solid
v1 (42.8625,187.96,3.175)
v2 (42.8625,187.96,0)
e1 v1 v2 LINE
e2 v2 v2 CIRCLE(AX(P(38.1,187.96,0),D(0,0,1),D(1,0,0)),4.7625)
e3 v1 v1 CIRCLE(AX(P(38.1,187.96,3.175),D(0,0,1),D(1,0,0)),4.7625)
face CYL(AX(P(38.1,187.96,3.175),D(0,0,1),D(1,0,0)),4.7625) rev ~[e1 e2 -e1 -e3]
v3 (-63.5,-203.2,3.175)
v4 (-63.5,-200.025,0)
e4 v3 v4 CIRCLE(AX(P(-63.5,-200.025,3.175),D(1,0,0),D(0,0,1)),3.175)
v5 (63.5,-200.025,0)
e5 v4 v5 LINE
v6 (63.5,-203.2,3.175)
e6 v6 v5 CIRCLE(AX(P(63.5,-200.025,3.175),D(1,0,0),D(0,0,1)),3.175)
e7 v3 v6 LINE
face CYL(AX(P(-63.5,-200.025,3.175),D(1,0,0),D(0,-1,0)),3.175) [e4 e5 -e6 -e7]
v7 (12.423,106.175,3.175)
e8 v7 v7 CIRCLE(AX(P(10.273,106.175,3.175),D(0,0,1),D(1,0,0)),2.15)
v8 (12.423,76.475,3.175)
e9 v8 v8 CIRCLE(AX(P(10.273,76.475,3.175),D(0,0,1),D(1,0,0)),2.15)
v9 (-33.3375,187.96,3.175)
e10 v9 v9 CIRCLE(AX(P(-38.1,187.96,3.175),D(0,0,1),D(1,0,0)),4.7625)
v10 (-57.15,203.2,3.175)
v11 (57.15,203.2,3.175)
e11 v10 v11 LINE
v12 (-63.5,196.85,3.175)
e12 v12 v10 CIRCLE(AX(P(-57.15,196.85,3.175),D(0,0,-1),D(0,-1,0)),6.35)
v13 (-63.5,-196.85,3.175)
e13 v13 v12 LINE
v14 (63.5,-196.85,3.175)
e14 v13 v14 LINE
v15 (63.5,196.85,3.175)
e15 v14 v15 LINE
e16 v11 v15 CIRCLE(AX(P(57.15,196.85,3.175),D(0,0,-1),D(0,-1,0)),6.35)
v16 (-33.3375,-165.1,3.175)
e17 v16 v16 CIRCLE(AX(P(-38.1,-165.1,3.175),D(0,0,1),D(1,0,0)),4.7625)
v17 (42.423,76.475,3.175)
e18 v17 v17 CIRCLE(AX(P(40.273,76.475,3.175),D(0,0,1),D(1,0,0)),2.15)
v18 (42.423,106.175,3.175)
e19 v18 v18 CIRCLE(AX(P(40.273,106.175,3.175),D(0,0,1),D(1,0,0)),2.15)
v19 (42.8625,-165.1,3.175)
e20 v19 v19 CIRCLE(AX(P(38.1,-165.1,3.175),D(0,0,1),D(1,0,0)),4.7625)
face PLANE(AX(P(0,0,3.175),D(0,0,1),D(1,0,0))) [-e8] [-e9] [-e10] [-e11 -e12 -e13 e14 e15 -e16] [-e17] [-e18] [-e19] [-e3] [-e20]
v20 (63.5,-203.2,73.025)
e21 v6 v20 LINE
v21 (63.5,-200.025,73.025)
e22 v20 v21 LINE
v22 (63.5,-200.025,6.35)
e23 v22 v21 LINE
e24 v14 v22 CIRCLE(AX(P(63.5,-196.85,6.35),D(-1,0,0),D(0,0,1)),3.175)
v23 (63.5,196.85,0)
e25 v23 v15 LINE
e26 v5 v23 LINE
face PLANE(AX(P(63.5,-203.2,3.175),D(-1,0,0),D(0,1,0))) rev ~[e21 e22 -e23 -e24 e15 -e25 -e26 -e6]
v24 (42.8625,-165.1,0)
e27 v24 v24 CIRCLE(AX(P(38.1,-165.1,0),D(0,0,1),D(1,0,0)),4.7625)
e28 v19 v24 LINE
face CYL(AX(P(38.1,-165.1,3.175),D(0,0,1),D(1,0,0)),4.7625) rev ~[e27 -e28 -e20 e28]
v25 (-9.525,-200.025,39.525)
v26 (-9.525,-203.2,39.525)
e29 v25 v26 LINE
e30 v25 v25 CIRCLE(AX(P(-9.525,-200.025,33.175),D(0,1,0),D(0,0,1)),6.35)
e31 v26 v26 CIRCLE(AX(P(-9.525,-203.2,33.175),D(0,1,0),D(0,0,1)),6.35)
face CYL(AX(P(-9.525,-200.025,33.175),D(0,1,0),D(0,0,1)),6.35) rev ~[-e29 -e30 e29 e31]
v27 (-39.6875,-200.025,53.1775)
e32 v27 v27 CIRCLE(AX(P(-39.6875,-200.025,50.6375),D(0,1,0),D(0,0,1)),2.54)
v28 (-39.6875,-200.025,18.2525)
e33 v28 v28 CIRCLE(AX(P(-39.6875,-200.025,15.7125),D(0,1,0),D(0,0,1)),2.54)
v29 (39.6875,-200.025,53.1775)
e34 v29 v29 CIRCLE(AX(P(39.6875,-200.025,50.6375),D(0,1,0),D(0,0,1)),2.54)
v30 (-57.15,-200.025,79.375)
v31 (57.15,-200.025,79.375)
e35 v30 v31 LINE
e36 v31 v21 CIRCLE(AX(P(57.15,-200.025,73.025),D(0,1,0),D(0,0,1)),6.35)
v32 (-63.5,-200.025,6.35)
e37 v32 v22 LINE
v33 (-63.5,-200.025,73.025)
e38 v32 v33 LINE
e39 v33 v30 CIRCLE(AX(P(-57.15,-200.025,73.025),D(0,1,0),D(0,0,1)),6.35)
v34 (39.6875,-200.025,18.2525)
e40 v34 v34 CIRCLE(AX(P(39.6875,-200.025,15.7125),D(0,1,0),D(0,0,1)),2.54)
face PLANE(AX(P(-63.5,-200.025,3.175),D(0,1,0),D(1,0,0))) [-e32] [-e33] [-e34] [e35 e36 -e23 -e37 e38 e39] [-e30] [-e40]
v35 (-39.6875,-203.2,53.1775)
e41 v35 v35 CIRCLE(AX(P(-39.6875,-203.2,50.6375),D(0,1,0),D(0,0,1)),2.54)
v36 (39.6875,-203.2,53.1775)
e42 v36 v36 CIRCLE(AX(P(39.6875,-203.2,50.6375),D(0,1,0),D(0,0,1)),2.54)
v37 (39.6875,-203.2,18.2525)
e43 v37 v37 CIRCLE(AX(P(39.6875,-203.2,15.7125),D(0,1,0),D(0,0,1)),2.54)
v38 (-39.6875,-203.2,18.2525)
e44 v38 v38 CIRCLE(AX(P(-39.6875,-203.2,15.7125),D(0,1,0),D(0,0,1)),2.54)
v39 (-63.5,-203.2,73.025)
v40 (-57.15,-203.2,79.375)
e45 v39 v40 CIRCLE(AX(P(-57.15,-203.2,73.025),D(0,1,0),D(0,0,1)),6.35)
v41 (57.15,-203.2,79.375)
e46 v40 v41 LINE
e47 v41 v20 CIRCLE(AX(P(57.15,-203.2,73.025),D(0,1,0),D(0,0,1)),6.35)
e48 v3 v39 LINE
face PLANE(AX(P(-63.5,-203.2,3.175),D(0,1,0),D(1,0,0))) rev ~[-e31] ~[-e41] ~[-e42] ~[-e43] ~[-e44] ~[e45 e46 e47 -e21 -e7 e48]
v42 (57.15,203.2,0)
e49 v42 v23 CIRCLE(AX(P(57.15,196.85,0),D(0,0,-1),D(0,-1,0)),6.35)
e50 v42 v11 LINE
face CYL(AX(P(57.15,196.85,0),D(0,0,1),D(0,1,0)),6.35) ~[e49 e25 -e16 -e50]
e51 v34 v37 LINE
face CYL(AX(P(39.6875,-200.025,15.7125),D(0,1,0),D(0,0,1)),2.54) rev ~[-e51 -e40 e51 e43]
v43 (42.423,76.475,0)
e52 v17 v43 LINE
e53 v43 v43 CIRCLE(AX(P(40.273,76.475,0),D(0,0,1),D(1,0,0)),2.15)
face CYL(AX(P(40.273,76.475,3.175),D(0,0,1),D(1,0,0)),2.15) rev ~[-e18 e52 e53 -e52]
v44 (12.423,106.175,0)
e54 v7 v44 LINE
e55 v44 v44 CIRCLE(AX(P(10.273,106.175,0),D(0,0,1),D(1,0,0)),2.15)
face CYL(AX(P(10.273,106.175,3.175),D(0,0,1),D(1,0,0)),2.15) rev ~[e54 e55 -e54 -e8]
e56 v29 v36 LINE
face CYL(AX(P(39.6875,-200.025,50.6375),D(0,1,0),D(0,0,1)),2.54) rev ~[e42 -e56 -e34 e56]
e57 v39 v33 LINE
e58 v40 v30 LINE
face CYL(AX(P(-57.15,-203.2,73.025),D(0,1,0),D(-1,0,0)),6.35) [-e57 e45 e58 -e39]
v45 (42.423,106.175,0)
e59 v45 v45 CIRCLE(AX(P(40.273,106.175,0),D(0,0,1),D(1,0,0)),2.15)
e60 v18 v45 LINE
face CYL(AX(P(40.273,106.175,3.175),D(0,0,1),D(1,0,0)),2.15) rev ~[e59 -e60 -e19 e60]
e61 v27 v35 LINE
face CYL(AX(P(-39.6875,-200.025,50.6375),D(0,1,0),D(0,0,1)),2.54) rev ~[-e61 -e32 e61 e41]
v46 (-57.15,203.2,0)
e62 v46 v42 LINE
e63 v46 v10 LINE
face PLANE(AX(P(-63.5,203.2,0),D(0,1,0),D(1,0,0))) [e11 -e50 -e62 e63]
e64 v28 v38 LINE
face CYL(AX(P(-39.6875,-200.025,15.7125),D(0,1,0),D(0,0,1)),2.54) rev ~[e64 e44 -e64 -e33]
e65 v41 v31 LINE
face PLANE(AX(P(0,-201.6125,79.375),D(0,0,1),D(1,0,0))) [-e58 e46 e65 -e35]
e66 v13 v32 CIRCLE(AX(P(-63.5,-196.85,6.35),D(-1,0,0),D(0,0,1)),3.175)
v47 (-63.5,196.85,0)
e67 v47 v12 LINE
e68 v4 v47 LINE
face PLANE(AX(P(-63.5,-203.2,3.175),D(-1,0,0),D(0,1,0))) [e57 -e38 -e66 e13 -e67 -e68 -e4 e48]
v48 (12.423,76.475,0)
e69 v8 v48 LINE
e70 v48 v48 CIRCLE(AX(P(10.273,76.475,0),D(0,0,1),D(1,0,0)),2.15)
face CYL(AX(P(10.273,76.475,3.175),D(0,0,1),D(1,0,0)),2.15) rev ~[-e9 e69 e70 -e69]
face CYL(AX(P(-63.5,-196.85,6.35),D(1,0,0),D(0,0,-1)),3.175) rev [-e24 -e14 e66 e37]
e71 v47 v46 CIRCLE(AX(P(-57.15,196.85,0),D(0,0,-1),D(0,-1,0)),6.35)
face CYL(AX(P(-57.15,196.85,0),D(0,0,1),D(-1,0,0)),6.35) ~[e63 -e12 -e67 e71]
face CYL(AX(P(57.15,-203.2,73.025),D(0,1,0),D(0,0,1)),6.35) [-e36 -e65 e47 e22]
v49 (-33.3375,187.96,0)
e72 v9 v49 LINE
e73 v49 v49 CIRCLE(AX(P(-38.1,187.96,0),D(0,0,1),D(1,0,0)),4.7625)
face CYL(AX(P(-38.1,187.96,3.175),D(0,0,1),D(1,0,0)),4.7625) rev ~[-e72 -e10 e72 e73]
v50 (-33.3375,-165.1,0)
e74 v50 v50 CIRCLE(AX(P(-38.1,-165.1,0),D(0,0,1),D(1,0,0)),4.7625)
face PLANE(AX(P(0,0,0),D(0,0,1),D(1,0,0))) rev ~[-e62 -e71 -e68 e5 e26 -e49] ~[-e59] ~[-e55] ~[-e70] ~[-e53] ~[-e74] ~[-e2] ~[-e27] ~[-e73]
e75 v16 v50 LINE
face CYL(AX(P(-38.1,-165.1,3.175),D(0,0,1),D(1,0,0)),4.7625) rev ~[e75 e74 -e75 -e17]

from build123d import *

# Parameters (mm, degrees)
SKETCH2_W           = 127
SKETCH2_H           = 406.4
BOSS_EXTRUDE1_DEPTH = 3.175
SKETCH3_W           = 127
SKETCH3_H           = 3.175
BOSS_EXTRUDE2_DEPTH = 76.2
FILLET1_R           = 3.175
FILLET2_R           = 6.35
SKETCH4_R           = 6.35
SKETCH4_R_2         = 2.54
CUT_EXTRUDE1_DEPTH  = 416.840163104
SKETCH5_R           = 2.15
SKETCH5_R_2         = 4.7625
CUT_EXTRUDE2_DEPTH  = 227.117071448


with BuildPart() as part:
    # Sketch2 → Boss-Extrude1 (new body)
    with BuildSketch(Plane.XY):
        Rectangle(SKETCH2_W, SKETCH2_H)
    extrude(amount=BOSS_EXTRUDE1_DEPTH)

    # Sketch3 → Boss-Extrude2 (add)
    with BuildSketch(Plane.XY.offset(3.175)):
        with Locations((0, -201.6125)):
            Rectangle(SKETCH3_W, SKETCH3_H)
    extrude(amount=BOSS_EXTRUDE2_DEPTH)

    # Fillet1
    fillet1_edges = [part.edges().sort_by_distance(p)[0] for p in [
        (0, -200.025, 3.175),
        (0, -203.2, 0),
    ]]
    fillet(fillet1_edges, radius=FILLET1_R)

    # Fillet2
    fillet2_edges = [part.edges().sort_by_distance(p)[0] for p in [
        (-63.5, -201.6125, 79.375),
        (63.5, -201.6125, 79.375),
        (-63.5, 203.2, 1.5875),
        (63.5, 203.2, 1.5875),
    ]]
    fillet(fillet2_edges, radius=FILLET2_R)

    # Sketch4 → Cut-Extrude1 (cut, through all)
    with BuildSketch(Plane(origin=(0, -200.025, 0), x_dir=(1, 0, 0), z_dir=(0, 1, 0))):
        with Locations(Location((-9.525, -33.175, 0), (0, 0, 270))):
            Circle(SKETCH4_R)
        with Locations(Location((-39.6875, -15.7125, 0), (0, 0, 270))):
            Circle(SKETCH4_R_2)
        with Locations(Location((-39.6875, -50.6375, 0), (0, 0, 270))):
            Circle(SKETCH4_R_2)
        with Locations(Location((39.6875, -15.7125, 0), (0, 0, 270))):
            Circle(SKETCH4_R_2)
        with Locations(Location((39.6875, -50.6375, 0), (0, 0, 270))):
            Circle(SKETCH4_R_2)
    extrude(amount=-CUT_EXTRUDE1_DEPTH, mode=Mode.SUBTRACT)

    # Sketch5 → Cut-Extrude2 (cut, through all)
    with BuildSketch(Plane.XY.offset(3.175)):
        with Locations((10.273, 76.475)):
            Circle(SKETCH5_R)
        with Locations((40.273, 76.475)):
            Circle(SKETCH5_R)
        with Locations((40.273, 106.175)):
            Circle(SKETCH5_R)
        with Locations((10.273, 106.175)):
            Circle(SKETCH5_R)
        with Locations((-38.1, 187.96)):
            Circle(SKETCH5_R_2)
        with Locations((38.1, 187.96)):
            Circle(SKETCH5_R_2)
        with Locations((-38.1, -165.1)):
            Circle(SKETCH5_R_2)
        with Locations((38.1, -165.1)):
            Circle(SKETCH5_R_2)
    extrude(amount=-CUT_EXTRUDE2_DEPTH, mode=Mode.SUBTRACT)


solid = part.part
